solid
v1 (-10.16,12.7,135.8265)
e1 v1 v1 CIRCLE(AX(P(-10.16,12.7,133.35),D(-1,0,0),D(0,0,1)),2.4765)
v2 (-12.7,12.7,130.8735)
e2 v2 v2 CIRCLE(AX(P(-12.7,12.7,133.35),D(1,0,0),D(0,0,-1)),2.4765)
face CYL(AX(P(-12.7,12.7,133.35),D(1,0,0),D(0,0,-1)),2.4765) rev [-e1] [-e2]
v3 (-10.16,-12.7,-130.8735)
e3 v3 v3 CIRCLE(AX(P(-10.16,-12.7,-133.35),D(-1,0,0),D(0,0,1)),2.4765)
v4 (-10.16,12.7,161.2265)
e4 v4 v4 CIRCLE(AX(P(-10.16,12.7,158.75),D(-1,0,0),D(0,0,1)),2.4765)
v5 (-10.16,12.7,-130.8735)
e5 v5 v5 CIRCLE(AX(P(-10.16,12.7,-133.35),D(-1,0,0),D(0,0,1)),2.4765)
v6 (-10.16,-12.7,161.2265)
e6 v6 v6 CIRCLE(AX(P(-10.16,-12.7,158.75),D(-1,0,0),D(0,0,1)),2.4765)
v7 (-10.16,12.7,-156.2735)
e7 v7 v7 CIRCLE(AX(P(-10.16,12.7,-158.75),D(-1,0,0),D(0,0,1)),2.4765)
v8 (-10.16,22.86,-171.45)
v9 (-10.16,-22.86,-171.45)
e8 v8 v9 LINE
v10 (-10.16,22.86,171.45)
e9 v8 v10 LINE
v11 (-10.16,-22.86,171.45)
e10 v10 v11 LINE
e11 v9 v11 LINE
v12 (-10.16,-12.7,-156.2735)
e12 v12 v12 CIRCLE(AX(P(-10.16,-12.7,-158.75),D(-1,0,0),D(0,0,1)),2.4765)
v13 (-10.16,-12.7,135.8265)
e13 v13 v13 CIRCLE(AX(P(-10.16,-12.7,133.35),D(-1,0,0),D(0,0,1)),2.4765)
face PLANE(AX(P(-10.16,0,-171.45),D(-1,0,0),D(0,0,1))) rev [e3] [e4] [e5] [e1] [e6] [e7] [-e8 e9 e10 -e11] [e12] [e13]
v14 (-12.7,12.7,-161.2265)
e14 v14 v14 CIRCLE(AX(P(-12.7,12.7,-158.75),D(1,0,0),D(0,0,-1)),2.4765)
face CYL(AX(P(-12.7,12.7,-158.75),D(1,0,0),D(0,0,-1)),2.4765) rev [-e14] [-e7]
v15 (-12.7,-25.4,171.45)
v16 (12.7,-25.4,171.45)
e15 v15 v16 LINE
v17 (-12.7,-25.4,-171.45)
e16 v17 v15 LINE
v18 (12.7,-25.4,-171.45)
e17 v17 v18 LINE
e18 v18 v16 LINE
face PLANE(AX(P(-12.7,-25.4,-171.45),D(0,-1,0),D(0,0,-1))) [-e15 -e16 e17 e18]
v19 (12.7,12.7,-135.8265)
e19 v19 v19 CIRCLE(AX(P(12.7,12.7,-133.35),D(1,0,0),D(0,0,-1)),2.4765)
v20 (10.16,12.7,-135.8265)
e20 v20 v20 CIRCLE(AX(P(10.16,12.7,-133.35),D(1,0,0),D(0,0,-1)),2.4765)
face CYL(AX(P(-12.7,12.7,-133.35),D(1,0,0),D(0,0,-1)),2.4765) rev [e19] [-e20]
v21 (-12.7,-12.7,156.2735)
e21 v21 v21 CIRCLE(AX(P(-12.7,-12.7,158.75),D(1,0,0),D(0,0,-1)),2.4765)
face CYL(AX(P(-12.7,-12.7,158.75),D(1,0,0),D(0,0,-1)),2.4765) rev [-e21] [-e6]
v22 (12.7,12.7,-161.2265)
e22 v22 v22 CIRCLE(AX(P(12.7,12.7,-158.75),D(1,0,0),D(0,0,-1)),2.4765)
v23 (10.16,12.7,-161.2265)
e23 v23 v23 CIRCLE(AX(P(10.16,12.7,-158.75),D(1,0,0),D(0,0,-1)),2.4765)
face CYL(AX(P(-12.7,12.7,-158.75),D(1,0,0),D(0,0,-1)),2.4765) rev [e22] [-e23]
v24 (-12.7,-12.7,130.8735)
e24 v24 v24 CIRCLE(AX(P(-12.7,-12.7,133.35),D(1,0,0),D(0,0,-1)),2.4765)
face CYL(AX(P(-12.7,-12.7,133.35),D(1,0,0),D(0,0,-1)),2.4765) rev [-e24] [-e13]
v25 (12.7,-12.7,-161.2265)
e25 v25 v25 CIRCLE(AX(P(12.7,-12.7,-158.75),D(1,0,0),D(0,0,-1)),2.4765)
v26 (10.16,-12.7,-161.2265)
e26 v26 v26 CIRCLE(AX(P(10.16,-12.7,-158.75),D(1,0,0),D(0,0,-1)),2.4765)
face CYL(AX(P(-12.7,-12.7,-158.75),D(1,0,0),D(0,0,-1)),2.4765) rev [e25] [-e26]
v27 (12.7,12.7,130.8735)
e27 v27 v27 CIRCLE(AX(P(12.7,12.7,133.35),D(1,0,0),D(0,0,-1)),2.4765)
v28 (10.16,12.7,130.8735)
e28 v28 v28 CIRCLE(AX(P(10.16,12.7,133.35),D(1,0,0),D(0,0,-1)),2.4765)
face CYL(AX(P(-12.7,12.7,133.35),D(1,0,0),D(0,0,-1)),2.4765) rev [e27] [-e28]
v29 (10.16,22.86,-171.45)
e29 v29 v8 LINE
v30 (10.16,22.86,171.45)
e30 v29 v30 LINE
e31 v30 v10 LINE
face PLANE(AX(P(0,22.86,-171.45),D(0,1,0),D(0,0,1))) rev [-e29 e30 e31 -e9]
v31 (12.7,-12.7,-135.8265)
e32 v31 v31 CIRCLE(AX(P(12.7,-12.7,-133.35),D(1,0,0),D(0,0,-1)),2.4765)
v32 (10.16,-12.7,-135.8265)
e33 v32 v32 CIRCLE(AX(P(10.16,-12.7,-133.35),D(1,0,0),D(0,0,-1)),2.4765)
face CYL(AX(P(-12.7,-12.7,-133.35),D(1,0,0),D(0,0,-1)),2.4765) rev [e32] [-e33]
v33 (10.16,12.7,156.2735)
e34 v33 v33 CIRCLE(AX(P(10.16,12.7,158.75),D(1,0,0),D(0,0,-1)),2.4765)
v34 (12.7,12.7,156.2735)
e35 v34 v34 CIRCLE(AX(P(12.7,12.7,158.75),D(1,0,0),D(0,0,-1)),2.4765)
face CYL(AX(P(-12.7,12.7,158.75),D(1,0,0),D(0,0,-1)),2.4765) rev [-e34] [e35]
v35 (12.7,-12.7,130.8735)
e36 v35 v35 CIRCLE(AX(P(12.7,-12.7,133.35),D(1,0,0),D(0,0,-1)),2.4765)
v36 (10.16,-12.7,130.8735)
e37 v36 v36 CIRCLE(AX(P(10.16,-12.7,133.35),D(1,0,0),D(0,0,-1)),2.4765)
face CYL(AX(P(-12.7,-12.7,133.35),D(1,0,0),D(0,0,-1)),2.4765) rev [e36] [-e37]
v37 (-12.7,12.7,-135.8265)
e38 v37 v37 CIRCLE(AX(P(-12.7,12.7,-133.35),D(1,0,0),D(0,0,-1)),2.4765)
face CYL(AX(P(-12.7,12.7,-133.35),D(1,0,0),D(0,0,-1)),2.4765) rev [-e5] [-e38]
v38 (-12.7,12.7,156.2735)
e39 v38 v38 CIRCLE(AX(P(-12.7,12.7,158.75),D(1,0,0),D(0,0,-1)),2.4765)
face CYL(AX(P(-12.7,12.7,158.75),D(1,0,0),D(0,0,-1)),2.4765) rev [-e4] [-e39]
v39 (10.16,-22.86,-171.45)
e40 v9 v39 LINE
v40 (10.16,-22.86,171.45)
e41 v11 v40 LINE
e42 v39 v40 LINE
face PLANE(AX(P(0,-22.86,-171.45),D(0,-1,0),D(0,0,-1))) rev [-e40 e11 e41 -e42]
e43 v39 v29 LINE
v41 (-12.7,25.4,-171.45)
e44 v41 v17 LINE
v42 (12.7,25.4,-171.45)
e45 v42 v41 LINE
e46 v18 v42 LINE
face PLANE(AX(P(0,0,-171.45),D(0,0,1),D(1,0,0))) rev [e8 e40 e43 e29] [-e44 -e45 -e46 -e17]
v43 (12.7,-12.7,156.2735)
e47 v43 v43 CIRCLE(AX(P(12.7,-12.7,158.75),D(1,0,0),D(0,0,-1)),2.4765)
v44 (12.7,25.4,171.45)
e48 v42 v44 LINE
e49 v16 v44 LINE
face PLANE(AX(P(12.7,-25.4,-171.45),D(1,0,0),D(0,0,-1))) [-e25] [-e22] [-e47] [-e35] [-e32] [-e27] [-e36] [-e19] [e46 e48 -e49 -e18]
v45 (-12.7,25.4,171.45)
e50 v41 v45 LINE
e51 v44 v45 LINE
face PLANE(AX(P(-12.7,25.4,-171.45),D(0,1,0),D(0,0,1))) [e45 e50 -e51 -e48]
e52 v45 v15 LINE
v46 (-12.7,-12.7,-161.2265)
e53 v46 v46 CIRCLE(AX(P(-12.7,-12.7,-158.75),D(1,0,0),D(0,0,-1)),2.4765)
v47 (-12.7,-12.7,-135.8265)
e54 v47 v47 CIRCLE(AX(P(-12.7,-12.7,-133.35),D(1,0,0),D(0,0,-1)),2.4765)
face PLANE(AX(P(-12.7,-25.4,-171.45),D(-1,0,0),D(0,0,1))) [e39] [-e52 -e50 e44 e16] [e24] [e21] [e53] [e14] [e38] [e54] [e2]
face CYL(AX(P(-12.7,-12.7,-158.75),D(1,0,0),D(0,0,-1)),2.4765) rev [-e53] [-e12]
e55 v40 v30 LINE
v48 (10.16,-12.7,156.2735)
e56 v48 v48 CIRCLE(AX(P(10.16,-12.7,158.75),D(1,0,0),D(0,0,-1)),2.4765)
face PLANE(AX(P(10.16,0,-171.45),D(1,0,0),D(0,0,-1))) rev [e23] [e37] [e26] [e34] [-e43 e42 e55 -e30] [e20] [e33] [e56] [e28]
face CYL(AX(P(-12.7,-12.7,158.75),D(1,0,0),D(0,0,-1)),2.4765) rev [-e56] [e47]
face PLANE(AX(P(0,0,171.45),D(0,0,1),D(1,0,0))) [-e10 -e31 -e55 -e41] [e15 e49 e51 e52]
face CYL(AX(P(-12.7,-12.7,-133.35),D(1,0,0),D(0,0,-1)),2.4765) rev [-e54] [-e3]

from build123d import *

# Parameters (mm, degrees)
SKETCH1_W               = 25.4
SKETCH1_H               = 50.8
SKETCH1_W_2             = 20.32
SKETCH1_H_2             = 45.72
EXTRUDE_THIN1_DEPTH     = 171.45
SKETCH2_R               = 2.4765
CUT_EXTRUDE1_DEPTH      = 13.7
CUT_EXTRUDE1_DEPTH_BACK = 13.7


with BuildPart() as part:
    # Sketch1 → Extrude-Thin1 (new body, symmetric)
    with BuildSketch(Plane.XY):
        Rectangle(SKETCH1_W, SKETCH1_H)
        Rectangle(SKETCH1_W_2, SKETCH1_H_2, mode=Mode.SUBTRACT)
    extrude(amount=EXTRUDE_THIN1_DEPTH, both=True)

    # Sketch2 → Cut-Extrude1 (cut, two sides)
    with BuildSketch(Plane(origin=(0, 0, 0), x_dir=(0, 0, -1), z_dir=(1, 0, 0))) as cut_extrude1_sk:
        with Locations((133.35, 12.7)):
            Circle(SKETCH2_R)
        with Locations((133.35, -12.7)):
            Circle(SKETCH2_R)
        with Locations((158.75, -12.7)):
            Circle(SKETCH2_R)
        with Locations((158.75, 12.7)):
            Circle(SKETCH2_R)
        with Locations((-133.35, 12.7)):
            Circle(SKETCH2_R)
        with Locations((-158.75, 12.7)):
            Circle(SKETCH2_R)
        with Locations((-158.75, -12.7)):
            Circle(SKETCH2_R)
        with Locations((-133.35, -12.7)):
            Circle(SKETCH2_R)
    extrude(amount=CUT_EXTRUDE1_DEPTH, mode=Mode.SUBTRACT)
    extrude(cut_extrude1_sk.sketch, amount=-CUT_EXTRUDE1_DEPTH_BACK, mode=Mode.SUBTRACT)


solid = part.part
